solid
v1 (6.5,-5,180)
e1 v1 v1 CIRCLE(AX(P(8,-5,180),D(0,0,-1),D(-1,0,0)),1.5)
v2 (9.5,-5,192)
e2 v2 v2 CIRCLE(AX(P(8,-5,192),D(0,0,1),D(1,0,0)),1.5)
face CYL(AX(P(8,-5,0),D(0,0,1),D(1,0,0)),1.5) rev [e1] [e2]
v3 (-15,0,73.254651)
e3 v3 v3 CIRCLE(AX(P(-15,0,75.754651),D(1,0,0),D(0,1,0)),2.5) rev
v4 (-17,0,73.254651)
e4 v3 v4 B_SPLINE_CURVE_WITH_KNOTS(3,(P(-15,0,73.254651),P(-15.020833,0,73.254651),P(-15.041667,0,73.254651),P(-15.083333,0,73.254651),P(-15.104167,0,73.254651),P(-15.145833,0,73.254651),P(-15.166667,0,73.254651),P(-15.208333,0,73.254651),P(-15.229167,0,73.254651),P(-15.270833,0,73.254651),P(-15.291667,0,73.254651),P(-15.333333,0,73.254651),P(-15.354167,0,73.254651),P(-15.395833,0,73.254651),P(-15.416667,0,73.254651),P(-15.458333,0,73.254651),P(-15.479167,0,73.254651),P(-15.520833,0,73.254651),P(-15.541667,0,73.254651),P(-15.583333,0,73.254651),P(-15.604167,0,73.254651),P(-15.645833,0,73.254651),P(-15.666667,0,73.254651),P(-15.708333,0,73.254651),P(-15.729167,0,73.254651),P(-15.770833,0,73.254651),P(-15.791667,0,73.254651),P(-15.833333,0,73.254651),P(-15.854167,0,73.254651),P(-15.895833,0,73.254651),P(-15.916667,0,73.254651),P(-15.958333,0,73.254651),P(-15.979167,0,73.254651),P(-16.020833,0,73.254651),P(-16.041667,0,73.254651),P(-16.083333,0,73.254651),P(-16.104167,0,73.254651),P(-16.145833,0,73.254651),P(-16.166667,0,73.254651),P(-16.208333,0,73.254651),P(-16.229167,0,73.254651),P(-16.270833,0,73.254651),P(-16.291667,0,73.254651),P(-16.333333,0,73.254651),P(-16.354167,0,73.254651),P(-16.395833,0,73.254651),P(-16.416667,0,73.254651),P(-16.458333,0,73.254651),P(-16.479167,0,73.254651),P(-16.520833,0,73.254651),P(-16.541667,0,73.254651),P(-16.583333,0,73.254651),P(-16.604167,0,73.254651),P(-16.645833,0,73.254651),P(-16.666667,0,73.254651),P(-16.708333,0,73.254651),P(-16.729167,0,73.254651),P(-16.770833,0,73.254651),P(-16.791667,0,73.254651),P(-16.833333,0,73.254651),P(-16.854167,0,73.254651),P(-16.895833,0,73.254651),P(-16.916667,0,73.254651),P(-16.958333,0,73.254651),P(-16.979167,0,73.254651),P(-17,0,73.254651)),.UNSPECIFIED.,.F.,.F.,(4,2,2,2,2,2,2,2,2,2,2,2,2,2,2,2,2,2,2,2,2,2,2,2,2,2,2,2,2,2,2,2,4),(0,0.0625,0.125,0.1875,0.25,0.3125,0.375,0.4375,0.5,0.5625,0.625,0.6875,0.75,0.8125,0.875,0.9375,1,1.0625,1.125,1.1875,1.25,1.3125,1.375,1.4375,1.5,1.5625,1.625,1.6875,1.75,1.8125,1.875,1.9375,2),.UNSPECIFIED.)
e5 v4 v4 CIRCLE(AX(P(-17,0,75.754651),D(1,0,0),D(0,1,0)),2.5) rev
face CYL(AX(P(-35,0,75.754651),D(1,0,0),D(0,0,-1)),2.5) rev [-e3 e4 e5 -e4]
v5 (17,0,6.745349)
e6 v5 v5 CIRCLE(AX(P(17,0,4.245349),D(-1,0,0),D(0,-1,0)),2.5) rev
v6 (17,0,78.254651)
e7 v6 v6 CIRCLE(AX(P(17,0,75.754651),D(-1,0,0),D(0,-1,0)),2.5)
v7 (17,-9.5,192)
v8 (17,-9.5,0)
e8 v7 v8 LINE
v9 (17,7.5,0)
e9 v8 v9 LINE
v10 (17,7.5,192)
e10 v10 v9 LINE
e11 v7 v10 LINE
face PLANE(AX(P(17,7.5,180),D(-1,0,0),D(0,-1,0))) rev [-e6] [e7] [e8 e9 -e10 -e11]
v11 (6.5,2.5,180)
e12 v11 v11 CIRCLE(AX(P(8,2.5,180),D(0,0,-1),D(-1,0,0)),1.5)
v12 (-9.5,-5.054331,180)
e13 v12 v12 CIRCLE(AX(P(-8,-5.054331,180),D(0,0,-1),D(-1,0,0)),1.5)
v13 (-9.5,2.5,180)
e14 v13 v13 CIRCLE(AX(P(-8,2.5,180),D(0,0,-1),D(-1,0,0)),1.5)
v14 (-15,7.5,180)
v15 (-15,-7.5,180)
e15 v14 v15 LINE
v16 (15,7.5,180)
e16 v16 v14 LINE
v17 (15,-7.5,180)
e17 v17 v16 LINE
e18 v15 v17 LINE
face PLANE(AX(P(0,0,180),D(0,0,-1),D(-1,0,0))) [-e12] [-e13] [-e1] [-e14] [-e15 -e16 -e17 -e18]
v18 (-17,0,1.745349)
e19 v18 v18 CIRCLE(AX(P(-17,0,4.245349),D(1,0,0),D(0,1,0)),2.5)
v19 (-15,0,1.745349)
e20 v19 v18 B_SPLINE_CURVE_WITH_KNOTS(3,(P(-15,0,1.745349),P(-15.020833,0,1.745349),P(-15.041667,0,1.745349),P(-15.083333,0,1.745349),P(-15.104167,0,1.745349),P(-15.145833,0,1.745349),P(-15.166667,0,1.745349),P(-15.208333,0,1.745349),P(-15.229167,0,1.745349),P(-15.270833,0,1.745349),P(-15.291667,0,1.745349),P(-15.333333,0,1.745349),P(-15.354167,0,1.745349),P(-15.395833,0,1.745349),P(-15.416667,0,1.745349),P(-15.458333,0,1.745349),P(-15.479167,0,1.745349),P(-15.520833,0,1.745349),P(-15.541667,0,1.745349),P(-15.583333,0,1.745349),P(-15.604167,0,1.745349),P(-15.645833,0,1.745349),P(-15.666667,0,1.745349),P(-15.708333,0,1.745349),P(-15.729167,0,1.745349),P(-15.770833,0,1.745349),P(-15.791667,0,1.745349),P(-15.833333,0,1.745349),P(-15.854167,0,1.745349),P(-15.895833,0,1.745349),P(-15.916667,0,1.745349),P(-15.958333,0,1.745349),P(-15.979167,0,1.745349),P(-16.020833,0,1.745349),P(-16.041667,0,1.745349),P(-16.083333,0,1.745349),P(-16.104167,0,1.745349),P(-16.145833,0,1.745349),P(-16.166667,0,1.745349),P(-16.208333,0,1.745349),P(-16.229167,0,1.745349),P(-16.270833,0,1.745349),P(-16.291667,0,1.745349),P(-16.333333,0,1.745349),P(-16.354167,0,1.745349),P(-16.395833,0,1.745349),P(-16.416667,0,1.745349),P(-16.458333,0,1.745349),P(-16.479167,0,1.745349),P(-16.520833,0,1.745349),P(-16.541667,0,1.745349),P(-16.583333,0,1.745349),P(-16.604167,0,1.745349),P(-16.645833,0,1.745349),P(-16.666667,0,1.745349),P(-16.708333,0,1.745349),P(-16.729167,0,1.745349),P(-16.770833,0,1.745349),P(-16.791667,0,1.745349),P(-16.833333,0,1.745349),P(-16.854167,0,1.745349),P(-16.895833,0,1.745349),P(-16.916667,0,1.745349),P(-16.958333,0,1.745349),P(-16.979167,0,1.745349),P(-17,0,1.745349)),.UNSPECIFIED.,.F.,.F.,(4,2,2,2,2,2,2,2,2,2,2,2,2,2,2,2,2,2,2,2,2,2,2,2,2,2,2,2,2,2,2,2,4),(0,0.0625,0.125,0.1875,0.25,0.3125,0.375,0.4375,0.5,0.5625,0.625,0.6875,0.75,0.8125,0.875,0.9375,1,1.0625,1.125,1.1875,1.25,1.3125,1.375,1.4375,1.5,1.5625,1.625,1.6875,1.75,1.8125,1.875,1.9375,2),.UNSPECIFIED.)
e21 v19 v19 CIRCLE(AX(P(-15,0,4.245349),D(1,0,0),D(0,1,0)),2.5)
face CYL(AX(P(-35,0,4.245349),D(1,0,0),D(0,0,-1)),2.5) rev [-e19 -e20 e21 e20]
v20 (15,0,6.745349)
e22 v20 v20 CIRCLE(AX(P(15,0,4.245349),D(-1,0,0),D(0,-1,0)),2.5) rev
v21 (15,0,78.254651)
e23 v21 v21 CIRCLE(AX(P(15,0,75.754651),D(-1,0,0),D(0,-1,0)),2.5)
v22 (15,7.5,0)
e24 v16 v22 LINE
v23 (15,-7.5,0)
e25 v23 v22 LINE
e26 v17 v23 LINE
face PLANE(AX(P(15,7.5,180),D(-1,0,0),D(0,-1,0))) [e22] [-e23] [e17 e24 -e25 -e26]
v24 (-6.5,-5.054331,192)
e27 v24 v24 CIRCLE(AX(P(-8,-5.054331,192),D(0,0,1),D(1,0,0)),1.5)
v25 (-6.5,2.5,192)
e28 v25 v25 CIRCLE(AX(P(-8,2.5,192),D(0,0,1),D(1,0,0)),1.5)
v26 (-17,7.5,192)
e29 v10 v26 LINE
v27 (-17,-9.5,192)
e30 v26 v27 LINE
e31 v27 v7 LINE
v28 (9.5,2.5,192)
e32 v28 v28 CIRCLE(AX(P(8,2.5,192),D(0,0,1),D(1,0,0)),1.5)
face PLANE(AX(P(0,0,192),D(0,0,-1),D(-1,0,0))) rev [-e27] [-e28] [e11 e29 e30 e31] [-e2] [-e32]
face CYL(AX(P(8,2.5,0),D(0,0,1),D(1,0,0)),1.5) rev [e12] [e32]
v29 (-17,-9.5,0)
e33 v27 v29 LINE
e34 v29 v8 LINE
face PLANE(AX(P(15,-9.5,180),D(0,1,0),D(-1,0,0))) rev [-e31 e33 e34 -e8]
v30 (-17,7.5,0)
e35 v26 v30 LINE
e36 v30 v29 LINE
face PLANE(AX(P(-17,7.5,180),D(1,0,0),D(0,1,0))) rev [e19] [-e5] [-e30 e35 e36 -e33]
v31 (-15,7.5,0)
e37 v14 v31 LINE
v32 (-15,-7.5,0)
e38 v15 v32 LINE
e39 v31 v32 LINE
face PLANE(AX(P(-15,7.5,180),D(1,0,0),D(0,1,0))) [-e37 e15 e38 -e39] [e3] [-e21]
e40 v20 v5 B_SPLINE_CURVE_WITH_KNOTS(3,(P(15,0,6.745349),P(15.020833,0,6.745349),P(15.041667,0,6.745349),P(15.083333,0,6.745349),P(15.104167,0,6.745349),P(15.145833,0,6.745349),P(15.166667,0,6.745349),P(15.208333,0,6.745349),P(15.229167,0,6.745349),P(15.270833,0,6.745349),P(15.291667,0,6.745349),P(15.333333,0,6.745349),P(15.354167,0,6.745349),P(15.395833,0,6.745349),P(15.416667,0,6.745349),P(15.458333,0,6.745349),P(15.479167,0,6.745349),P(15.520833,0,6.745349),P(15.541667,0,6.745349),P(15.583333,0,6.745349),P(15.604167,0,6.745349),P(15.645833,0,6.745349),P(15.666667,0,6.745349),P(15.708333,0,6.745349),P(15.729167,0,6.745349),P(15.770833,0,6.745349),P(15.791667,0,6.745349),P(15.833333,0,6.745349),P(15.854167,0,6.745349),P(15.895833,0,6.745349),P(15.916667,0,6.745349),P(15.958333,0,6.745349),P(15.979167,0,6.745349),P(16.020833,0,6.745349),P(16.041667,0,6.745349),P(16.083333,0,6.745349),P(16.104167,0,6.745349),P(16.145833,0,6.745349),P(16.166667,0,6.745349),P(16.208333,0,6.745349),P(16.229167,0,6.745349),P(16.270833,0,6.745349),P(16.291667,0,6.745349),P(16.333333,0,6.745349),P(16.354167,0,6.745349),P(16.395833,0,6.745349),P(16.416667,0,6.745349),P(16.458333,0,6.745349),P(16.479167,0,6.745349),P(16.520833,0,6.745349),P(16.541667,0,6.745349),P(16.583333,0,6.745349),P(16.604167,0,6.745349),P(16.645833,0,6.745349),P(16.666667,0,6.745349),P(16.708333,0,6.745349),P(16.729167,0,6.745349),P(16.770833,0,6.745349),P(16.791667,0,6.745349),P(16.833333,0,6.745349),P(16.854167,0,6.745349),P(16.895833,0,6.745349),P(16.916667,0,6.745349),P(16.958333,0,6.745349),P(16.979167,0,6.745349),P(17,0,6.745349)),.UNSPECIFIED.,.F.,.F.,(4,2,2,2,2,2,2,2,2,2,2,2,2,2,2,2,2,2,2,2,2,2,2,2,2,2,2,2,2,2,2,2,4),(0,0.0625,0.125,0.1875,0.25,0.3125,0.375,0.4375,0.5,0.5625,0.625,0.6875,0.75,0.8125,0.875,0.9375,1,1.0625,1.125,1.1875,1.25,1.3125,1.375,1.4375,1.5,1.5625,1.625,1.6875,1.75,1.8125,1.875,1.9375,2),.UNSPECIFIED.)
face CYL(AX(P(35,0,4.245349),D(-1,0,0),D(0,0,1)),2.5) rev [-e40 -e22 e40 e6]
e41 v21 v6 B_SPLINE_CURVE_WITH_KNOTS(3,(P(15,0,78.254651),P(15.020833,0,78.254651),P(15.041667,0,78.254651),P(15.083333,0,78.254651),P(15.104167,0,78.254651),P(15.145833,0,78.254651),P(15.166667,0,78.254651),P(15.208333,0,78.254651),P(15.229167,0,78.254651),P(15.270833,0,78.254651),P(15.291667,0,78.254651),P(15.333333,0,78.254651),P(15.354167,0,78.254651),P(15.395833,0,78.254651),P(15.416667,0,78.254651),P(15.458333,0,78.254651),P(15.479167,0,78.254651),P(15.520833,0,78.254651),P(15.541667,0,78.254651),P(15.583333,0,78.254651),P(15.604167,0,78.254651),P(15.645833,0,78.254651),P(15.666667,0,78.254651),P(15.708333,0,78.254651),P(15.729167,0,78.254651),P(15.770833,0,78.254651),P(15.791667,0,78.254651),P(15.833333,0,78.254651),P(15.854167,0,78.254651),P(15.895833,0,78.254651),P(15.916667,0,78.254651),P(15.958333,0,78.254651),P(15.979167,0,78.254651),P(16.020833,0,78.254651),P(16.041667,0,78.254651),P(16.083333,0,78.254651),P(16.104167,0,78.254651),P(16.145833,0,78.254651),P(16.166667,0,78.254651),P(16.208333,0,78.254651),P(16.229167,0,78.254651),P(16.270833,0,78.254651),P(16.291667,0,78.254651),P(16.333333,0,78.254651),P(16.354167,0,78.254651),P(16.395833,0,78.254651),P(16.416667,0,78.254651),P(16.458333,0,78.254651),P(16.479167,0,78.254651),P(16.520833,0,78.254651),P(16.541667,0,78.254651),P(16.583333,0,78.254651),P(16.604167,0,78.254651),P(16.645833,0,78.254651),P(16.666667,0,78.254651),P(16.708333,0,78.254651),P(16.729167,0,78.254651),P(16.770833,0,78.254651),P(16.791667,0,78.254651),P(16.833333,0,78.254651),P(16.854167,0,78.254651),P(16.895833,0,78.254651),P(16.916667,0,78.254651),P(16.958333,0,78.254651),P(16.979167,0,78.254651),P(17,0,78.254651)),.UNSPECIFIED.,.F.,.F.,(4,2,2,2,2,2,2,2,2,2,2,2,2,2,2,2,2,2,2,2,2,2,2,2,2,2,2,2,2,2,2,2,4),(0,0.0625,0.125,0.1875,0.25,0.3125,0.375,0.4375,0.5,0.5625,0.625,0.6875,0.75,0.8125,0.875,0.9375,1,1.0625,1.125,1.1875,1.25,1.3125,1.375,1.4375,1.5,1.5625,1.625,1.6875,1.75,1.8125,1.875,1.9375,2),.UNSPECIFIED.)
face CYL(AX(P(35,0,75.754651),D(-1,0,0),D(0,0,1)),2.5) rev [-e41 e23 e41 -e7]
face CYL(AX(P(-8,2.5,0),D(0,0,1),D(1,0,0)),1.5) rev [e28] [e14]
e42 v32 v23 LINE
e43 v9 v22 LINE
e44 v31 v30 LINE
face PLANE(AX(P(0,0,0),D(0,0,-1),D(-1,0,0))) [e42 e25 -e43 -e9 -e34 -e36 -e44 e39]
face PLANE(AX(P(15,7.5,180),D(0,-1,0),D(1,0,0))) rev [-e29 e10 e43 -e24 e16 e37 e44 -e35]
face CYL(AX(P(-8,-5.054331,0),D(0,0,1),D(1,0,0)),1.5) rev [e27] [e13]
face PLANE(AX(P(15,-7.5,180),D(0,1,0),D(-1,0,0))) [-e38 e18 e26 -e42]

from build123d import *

# Parameters (mm, degrees)
SKETCH1_W               = 30
SKETCH1_H               = 15
BOSS_EXTRUDE1_DEPTH     = 180
SHELL2_T                = 2
SKETCH3_R               = 2.5
CUT_EXTRUDE3_DEPTH      = 50
MIRROR3_COPY_1_SKETCH_R = 2.5
MIRROR3_COPY_1_DEPTH    = 50
SKETCH7_W               = 34
SKETCH7_H               = 17
BOSS_EXTRUDE5_DEPTH     = 10
SKETCH12_R              = 1.5
CUT_EXTRUDE5_DEPTH      = 193.985103052
SKETCH13_R              = 1.5
CUT_EXTRUDE6_DEPTH      = 193.985103052


with BuildPart() as part:
    # Sketch1 → Boss-Extrude1 (new body)
    with BuildSketch(Plane.XY):
        Rectangle(SKETCH1_W, SKETCH1_H)
    extrude(amount=BOSS_EXTRUDE1_DEPTH)

    # Shell2
    shell2_openings = [part.faces().sort_by_distance(p)[0] for p in [
        (0, 7.5, 90),
        (0, 0, 0),
    ]]
    offset(amount=SHELL2_T, openings=shell2_openings, kind=Kind.INTERSECTION)

    # Sketch3 → Cut-Extrude3 (cut)
    with BuildSketch(Plane(origin=(15, 0, 0), x_dir=(0, 0, -1), z_dir=(1, 0, 0))):
        with Locations((-4.245349373, 0)):
            Circle(SKETCH3_R)
    cut_extrude3 = extrude(amount=-CUT_EXTRUDE3_DEPTH, mode=Mode.SUBTRACT)

    # Mirror1: Cut-Extrude3 across plane
    add(cut_extrude3.mirror(Plane.XY.offset(40)), mode=Mode.SUBTRACT)

    # Mirror3: Cut-Extrude3 across plane
    add(cut_extrude3.mirror(Plane(origin=(0, 0, 0), x_dir=(0, 0, 1), z_dir=(1, 0, 0))), mode=Mode.SUBTRACT)

    # Mirror3 copy 1 sketch → Mirror3 copy 1 (cut)
    with BuildSketch(Plane(origin=(-15, 0, 80), x_dir=(0, 0, 1), z_dir=(-1, 0, 0))):
        with Locations((-4.245349373, 0)):
            Circle(MIRROR3_COPY_1_SKETCH_R)
    extrude(amount=-MIRROR3_COPY_1_DEPTH, mode=Mode.SUBTRACT)

    # Sketch7 → Boss-Extrude5 (add)
    with BuildSketch(Plane.XY.offset(182)):
        with Locations((0, -1)):
            Rectangle(SKETCH7_W, SKETCH7_H)
    extrude(amount=BOSS_EXTRUDE5_DEPTH)

    # Sketch12 → Cut-Extrude5 (cut, through all)
    with BuildSketch(Plane.XY.offset(192)):
        with Locations((-8, 2.5)):
            Circle(SKETCH12_R)
        with Locations((-8, -5.054330526)):
            Circle(SKETCH12_R)
        with Locations((8, 2.5)):
            Circle(SKETCH12_R)
    extrude(amount=-CUT_EXTRUDE5_DEPTH, mode=Mode.SUBTRACT)

    # Sketch13 → Cut-Extrude6 (cut, through all)
    with BuildSketch(Plane.XY.offset(192)):
        with Locations((8, -5)):
            Circle(SKETCH13_R)
    extrude(amount=-CUT_EXTRUDE6_DEPTH, mode=Mode.SUBTRACT)


solid = part.part
